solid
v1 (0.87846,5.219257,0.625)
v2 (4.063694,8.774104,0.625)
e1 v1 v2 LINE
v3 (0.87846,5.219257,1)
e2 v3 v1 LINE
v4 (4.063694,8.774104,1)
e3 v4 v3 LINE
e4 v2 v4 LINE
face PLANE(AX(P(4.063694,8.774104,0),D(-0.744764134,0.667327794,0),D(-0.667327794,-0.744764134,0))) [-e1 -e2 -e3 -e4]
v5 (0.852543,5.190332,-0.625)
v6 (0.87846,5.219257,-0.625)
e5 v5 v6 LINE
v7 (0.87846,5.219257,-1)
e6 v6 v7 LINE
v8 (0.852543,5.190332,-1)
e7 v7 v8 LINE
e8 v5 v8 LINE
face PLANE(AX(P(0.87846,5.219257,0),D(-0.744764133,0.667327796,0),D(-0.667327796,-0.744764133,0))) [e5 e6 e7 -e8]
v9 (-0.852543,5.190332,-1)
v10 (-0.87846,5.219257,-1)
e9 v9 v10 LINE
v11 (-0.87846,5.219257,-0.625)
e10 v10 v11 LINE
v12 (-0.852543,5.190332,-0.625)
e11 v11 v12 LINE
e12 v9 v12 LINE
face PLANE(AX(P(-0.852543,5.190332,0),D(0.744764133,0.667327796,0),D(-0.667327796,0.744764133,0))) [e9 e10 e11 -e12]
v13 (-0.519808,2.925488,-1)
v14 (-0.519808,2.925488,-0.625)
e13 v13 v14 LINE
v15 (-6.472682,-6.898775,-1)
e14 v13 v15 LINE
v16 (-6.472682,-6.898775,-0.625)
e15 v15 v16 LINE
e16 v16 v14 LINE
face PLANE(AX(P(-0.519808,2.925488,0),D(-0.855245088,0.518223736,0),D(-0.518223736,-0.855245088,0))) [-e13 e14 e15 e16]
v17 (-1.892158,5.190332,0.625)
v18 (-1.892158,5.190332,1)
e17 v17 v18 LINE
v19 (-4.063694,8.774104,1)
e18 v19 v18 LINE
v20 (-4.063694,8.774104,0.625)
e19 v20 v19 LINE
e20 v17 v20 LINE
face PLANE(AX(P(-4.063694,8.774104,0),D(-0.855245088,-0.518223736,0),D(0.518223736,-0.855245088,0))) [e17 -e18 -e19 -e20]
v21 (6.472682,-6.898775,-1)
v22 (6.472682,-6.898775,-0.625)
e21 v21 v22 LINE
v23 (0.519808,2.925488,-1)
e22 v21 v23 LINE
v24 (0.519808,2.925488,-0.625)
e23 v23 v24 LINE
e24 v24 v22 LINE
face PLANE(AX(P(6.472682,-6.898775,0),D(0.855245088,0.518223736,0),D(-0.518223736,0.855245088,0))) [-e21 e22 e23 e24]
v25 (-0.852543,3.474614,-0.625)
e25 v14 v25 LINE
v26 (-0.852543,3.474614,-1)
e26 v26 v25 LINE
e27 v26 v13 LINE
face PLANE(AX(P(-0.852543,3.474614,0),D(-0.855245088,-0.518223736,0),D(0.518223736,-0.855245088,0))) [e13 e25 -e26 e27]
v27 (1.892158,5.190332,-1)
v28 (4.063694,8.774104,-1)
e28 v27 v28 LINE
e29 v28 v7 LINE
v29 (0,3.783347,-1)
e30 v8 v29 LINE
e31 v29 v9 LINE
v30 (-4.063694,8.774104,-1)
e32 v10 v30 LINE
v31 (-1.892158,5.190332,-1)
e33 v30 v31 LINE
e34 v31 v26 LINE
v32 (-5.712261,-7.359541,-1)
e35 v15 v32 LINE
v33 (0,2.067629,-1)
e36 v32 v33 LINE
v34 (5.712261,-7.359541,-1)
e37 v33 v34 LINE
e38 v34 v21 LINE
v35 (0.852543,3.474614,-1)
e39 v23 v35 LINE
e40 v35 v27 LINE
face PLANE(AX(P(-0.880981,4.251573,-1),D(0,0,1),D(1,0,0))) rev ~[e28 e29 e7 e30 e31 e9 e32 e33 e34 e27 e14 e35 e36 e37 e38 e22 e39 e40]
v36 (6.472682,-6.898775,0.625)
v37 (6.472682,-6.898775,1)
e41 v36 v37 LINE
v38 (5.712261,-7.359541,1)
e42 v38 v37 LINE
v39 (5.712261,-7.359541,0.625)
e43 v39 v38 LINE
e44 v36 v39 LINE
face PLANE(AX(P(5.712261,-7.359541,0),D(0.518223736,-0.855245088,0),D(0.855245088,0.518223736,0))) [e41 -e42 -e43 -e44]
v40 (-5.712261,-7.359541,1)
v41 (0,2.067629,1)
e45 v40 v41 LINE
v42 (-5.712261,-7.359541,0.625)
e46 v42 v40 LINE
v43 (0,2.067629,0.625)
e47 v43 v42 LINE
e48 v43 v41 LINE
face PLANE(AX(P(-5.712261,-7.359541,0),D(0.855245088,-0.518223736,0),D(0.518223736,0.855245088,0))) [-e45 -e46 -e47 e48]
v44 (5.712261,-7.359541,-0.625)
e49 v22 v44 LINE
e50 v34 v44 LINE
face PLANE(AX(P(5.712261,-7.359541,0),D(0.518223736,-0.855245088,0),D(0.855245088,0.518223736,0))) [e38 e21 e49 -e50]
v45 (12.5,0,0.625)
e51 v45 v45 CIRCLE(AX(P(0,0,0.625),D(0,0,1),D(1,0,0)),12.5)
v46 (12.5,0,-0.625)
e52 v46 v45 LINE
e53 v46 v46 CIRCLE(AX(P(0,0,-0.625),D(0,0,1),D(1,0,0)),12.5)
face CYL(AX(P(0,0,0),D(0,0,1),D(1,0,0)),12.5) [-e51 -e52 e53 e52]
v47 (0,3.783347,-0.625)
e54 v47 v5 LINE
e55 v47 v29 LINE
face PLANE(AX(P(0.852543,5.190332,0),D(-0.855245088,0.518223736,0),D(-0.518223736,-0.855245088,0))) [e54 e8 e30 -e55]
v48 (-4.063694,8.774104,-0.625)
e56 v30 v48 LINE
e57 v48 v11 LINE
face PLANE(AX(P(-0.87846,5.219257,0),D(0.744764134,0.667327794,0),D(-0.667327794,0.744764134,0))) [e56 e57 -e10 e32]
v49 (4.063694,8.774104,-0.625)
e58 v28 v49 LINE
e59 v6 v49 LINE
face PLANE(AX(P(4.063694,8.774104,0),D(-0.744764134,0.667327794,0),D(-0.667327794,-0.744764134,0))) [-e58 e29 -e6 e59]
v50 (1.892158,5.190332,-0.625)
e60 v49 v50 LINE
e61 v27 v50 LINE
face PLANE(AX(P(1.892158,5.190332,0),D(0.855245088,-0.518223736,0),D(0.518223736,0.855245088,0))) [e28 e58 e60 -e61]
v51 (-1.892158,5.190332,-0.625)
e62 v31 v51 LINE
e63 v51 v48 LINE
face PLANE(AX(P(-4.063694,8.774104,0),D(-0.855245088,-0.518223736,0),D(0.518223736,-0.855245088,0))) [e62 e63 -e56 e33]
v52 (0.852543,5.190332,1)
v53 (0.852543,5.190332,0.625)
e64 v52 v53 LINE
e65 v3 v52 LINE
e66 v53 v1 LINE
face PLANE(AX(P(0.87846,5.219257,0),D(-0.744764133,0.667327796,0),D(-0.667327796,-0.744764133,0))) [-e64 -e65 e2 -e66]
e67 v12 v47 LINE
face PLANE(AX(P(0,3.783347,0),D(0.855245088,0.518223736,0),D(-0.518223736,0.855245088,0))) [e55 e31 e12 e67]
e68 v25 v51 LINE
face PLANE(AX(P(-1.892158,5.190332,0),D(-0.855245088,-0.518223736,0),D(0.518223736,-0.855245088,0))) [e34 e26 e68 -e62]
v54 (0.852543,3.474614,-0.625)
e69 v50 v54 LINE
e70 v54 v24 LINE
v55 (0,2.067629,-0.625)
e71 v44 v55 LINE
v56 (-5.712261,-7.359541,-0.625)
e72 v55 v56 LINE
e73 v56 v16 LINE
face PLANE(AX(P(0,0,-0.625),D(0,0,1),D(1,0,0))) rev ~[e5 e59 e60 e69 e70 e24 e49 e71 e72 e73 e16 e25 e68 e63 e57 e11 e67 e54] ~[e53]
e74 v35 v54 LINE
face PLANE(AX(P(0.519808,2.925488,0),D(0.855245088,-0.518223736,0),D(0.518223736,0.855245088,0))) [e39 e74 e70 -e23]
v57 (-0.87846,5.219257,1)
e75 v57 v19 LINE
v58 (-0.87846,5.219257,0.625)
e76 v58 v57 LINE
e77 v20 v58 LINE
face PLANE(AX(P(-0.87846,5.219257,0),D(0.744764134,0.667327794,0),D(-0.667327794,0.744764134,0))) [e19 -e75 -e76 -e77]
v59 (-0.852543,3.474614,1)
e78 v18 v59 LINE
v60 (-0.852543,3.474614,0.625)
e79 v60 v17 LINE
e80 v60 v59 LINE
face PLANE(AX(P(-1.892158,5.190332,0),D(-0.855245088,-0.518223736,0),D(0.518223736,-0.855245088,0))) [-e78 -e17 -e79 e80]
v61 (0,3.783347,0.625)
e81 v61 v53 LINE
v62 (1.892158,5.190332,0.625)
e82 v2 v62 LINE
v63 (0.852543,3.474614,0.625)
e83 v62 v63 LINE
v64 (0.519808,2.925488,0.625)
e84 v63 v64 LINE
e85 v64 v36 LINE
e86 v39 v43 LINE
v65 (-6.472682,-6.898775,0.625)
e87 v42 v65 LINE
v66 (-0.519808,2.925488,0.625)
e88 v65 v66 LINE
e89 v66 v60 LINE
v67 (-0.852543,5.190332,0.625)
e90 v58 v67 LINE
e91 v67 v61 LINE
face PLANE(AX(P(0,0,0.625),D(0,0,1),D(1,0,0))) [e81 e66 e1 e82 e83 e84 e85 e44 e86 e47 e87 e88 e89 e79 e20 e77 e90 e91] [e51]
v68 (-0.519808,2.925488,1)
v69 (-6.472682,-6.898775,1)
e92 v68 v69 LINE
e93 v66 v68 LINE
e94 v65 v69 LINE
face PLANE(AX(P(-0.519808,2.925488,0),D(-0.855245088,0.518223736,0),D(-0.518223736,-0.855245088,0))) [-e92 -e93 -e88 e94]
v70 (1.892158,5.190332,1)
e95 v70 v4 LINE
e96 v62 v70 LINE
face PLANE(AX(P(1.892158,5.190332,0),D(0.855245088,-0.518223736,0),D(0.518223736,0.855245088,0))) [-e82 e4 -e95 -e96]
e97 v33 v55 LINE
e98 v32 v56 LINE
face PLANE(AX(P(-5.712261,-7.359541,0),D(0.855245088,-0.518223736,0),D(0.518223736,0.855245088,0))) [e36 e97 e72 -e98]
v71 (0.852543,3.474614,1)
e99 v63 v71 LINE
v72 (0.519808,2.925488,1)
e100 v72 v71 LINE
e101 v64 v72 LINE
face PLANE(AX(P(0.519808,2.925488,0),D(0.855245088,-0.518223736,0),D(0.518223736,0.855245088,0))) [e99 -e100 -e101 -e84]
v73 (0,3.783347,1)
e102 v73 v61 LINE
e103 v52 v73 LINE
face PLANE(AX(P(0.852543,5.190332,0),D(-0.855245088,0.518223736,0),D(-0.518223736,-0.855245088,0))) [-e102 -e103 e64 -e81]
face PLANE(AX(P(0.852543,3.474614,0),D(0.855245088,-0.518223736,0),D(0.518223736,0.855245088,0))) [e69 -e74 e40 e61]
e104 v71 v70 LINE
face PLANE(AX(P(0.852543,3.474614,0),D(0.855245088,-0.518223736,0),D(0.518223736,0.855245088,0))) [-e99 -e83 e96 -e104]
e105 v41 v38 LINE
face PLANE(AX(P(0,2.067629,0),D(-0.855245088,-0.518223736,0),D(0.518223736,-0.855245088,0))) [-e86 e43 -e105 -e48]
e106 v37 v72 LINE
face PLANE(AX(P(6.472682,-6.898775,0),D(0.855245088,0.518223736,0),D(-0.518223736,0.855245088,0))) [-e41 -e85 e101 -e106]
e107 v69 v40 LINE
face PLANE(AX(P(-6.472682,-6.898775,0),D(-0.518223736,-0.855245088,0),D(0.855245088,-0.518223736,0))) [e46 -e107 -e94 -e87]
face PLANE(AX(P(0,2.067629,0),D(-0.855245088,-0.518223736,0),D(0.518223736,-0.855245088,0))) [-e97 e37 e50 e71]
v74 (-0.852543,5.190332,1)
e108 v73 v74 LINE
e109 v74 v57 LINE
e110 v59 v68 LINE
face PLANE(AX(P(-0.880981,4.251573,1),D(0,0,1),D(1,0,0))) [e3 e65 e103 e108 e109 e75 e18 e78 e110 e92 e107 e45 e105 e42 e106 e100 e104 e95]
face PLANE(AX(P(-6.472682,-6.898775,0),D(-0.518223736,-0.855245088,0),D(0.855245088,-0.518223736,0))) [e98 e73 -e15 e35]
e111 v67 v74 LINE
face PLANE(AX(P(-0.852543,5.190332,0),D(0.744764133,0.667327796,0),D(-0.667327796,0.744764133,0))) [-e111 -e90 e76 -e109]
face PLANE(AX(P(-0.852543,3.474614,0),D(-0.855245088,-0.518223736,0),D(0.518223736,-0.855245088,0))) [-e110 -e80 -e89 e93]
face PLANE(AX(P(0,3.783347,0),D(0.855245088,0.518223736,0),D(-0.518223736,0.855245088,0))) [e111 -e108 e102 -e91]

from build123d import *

# Parameters (mm, degrees)
F0_R     = 12.5
F1_DEPTH = 0.625
F2_DEPTH = 1


with BuildPart() as f1:
    # F0 (on Top) → F1 (new body, symmetric)
    with BuildSketch(Plane.XY):
        Circle(F0_R)
        Polygon((-0.8784600757, 5.2192566285), (-0.8525428319, 5.1903319625), (0, 3.7833468732), (0.8525428319, 5.1903319625), (0.8784600757, 5.2192566285), (4.0636942722, 8.7741035968), (1.8921582399, 5.1903319625), (0.8525428319, 3.4746136163), (0.519807704, 2.9254877001), (6.4726816234, -6.8987751159), (5.7122610048, -7.3595412979), (0, 2.0676285271), (-5.7122610048, -7.3595412979), (-6.4726816234, -6.8987751159), (-0.519807704, 2.9254877001), (-0.8525428319, 3.4746136163), (-1.8921582399, 5.1903319625), (-4.0636942722, 8.7741035968), align=None, mode=Mode.SUBTRACT)
    extrude(amount=F1_DEPTH, both=True)

    # F0 (on Top) → F2 (join, symmetric)
    with BuildSketch(Plane.XY):
        Polygon((0, 3.7833468732), (-0.8525428319, 5.1903319625), (-0.8784600757, 5.2192566285), (-0.869668365, 5.1903319625), (-1.8921582399, 5.1903319625), (-0.8525428319, 3.4746136163), (-0.519807704, 2.9254877001), align=None)
        Polygon((0.8525428319, 5.1903319625), (0, 3.7833468732), (0.519807704, 2.9254877001), (0.8525428319, 3.4746136163), (1.8921582399, 5.1903319625), (0.869668365, 5.1903319625), (0.8784600757, 5.2192566285), align=None)
        Polygon((4.0636942722, 8.7741035968), (0.8784600757, 5.2192566285), (0.869668365, 5.1903319625), (1.8921582399, 5.1903319625), align=None)
        Polygon((-0.869668365, 5.1903319625), (-0.8784600757, 5.2192566285), (-4.0636942722, 8.7741035968), (-1.8921582399, 5.1903319625), align=None)
        Polygon((0.519807704, 2.9254877001), (0, 3.7833468732), (-0.519807704, 2.9254877001), (0, 2.0676285271), align=None)
        Polygon((0, 2.0676285271), (-0.519807704, 2.9254877001), (-6.4726816234, -6.8987751159), (-5.7122610048, -7.3595412979), align=None)
        Polygon((6.4726816234, -6.8987751159), (0.519807704, 2.9254877001), (0, 2.0676285271), (5.7122610048, -7.3595412979), align=None)
    extrude(amount=F2_DEPTH, both=True)


solid = f1.part
